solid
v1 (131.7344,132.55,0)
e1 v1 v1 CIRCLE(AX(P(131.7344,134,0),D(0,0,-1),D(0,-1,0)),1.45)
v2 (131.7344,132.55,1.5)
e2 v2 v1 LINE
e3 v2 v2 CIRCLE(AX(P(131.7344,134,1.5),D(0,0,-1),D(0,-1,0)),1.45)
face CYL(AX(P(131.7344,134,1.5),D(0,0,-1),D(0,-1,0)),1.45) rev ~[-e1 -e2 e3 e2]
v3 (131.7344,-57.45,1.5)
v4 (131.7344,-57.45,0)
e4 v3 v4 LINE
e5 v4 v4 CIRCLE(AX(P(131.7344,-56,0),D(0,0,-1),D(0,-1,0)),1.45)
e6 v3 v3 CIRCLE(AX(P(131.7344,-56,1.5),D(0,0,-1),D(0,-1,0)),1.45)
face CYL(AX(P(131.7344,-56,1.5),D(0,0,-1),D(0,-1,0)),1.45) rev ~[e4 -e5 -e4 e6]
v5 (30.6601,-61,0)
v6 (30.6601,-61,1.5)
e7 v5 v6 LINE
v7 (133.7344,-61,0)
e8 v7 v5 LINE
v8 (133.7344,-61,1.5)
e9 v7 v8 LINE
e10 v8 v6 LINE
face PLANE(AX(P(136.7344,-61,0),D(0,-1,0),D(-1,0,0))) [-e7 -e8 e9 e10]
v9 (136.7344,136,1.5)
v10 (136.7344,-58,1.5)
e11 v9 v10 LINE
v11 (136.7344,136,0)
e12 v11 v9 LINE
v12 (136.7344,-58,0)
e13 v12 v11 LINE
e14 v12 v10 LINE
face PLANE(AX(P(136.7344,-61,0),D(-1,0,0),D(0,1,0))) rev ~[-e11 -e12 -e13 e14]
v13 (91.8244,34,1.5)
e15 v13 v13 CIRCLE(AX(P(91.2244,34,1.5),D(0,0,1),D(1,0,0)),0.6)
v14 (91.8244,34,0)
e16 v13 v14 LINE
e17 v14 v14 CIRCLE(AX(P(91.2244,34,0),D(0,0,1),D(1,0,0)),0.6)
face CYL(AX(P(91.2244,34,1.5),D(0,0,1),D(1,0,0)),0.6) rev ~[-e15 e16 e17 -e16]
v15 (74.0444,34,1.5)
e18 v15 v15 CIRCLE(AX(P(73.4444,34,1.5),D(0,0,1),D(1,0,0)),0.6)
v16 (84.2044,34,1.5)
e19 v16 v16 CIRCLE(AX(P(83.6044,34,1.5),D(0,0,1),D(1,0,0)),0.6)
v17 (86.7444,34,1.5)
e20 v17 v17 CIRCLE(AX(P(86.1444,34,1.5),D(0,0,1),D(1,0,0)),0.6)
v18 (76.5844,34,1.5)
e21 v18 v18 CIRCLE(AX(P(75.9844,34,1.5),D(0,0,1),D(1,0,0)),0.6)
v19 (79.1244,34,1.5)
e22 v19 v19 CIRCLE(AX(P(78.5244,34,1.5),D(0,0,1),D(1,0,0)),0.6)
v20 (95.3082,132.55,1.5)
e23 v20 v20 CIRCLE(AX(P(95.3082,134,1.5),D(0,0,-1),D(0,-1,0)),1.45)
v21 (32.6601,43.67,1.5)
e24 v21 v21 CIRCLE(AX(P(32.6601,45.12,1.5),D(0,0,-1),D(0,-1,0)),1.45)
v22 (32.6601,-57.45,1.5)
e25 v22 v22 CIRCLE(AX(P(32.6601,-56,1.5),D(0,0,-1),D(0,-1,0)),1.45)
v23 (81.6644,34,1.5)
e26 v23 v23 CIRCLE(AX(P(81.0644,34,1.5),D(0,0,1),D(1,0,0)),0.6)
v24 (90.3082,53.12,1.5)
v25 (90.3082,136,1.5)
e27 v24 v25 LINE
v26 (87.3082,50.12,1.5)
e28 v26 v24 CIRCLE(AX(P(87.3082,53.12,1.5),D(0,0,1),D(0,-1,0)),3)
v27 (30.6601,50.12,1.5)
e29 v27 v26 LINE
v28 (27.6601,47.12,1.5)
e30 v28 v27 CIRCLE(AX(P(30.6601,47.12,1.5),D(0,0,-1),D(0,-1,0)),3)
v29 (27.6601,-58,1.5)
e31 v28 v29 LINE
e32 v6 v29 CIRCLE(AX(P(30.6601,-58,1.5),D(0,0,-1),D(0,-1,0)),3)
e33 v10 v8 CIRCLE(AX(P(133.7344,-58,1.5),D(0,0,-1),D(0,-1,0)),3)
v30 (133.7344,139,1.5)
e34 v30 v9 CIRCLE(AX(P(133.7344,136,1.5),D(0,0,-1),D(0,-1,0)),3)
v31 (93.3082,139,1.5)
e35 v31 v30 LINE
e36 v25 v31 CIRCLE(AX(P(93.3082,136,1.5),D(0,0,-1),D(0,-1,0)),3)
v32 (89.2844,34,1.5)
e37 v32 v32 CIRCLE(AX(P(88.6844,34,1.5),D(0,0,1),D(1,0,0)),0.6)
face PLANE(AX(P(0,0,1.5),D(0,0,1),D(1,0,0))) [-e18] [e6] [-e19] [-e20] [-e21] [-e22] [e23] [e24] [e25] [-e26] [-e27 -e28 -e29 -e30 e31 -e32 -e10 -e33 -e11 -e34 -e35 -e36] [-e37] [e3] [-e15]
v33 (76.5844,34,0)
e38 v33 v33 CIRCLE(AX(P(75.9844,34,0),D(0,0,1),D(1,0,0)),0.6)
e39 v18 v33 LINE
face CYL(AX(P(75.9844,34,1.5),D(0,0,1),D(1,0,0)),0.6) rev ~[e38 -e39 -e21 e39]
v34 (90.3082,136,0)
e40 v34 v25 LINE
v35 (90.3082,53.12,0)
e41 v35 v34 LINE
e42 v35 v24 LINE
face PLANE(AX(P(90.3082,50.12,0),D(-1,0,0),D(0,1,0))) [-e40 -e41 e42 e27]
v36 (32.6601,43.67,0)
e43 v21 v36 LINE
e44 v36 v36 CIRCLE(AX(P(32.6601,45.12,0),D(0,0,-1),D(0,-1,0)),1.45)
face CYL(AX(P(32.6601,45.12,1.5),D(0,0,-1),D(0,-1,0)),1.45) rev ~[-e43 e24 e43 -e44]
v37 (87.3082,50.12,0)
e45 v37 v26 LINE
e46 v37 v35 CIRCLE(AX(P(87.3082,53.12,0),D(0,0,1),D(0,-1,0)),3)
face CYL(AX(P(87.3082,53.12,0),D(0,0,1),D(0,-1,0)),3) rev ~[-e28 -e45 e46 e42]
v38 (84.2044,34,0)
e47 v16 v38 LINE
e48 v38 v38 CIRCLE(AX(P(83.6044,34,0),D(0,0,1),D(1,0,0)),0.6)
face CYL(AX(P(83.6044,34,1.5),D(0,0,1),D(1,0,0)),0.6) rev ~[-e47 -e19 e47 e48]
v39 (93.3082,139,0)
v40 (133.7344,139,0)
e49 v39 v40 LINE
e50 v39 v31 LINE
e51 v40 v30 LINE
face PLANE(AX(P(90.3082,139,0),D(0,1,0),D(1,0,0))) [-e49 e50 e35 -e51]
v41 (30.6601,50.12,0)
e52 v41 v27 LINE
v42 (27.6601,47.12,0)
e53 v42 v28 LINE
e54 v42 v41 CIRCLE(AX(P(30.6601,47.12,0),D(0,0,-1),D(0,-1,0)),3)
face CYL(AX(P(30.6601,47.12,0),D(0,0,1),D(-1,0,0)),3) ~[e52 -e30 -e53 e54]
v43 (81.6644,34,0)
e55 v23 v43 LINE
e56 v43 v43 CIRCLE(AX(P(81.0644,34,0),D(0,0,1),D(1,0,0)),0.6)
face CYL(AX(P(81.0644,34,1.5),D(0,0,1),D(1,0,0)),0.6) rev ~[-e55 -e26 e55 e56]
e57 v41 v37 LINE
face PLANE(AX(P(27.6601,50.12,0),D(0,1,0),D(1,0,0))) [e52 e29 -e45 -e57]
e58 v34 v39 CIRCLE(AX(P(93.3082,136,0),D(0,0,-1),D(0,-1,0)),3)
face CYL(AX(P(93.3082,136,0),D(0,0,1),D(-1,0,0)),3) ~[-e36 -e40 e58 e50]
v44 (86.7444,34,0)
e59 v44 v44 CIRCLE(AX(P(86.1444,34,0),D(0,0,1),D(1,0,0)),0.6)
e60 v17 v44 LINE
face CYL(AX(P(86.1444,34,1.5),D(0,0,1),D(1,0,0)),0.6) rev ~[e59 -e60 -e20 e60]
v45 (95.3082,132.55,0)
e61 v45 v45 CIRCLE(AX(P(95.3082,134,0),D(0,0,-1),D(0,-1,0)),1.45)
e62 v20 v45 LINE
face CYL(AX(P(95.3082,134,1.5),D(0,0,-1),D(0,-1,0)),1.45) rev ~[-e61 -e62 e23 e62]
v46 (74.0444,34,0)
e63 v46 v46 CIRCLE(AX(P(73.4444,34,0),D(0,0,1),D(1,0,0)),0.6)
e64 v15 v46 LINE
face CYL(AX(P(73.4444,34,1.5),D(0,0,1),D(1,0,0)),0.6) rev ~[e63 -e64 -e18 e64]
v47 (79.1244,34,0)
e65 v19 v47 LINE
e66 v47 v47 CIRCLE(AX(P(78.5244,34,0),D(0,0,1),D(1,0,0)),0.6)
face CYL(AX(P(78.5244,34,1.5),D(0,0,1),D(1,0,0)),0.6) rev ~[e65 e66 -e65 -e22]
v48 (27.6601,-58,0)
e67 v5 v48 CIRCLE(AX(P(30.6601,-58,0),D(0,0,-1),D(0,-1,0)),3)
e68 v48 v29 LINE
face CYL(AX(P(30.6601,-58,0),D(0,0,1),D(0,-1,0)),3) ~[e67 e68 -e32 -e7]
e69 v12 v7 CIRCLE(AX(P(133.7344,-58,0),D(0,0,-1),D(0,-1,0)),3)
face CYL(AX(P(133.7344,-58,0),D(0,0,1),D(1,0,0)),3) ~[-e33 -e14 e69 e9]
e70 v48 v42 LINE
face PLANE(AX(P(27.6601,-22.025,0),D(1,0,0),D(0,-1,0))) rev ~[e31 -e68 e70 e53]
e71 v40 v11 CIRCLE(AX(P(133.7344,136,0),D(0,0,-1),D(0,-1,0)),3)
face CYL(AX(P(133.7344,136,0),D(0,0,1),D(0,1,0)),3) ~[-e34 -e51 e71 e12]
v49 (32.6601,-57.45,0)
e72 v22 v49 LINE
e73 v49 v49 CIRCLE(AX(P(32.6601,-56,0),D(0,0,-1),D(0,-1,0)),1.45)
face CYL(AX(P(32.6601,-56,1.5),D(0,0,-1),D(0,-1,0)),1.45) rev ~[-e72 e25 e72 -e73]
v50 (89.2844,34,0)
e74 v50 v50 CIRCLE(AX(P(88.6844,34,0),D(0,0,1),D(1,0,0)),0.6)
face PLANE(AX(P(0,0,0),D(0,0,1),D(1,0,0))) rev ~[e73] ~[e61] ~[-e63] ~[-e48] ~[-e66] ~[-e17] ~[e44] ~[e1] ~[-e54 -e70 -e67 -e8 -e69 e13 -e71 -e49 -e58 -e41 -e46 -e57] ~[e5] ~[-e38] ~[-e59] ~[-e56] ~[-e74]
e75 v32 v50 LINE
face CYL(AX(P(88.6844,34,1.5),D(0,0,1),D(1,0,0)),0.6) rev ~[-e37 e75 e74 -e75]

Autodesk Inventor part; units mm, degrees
ref_plane "YZ Plane" through (0, 0, 0) normal (1, 0, 0) x (0, 1, 0)
ref_plane "РабПлоскость1" through (0, 0, 0) normal (0, 0, 1) x (1, 0, 0)
ref_plane "РабПлоскость2" through (0, 0, 0) normal (0, 0, 1) x (1, 0, 0)
sketch "Эскиз2" plane through (0, 0, 0) normal (0, 0, 1) x (1, 0, 0)
  line L0 (164.5082, 55.3787) -> (164.5082, 22.6213)
  line L1 (152.0082, 55.3787) -> (164.5082, 55.3787)
  spline S0 degree 4 poles (142.0082, 66.7804) (141.9936, 65.5806) (142.2897, 63.8407) (143.0904, 61.8123) (144.7867, 59.6039) (146.7684, 57.7973) (148.9036, 56.5519) (150.6395, 55.9298) (152.0082, 55.3787) knots 0 0 0 0 0 0.305903 0.428365 0.551581 0.676311 1 1 1 1 1
  line L2 (142.0082, 89.6988) -> (142.0082, 66.7804)
  spline S1 degree 4 poles (142.0976, 90.5077) (142.1863, 90.3272) (142.1406, 90.1079) (142.065, 89.9075) (142.0082, 89.6988) knots 0 0 0 0 0 1 1 1 1 1
  ellipse E0 centre (144.0082, 89.6716) end of major axis (144.0082, 92.5) minor radius 2 (144.0082, 92.5) -> (142.0976, 90.5077) ccw
  line L3 (144.0082, 92.5) -> (149.4338, 92.5)
  line L4 (149.4338, 92.5) -> (149.4338, 92.525)
  line L5 (149.4338, 92.525) -> (142.946, 92.525)
  ellipse E1 centre (142.946, 98.525) end of major axis (136.7344, 98.525) minor radius 6 (136.7344, 98.525) -> (142.946, 92.525) ccw
  line L6 (136.7344, 98.525) -> (136.7344, 100.025)
  ellipse E2 centre (142.946, 100.025) end of major axis (136.7344, 100.025) minor radius 6 (142.946, 106.025) -> (136.7344, 100.025) ccw
  line L7 (142.946, 106.025) -> (149.4338, 106.025)
  line L8 (149.4338, 106.025) -> (149.4338, 106.05)
  line L9 (149.4338, 106.05) -> (144.0082, 106.05)
  ellipse E3 centre (144.0082, 108.8784) end of major axis (144.0082, 106.05) minor radius 2 (142.0976, 108.0423) -> (144.0082, 106.05) ccw
  spline S2 degree 4 poles (142.0082, 108.8512) (142.0222, 108.6489) (142.0418, 108.4466) (142.067, 108.2444) (142.0976, 108.0423) knots 0 0 0 0 0 1 1 1 1 1
  line L10 (142.0082, 108.8512) -> (142.0082, 139)
  arc A0 (142.0082, 139) -> (137.0082, 144) centre (137.0082, 139) ccw
  line L11 (137.0082, 144) -> (27.0082, 144)
  arc A1 (27.0082, 144) -> (22.0082, 139) centre (27.0082, 139) ccw
  line L12 (22.0082, 139) -> (22.0082, 108.8512)
  spline S3 degree 4 poles (21.9188, 108.0423) (21.9596, 108.2417) (21.9876, 108.4433) (22.0035, 108.6467) (22.0082, 108.8512) knots 0 0 0 0 0 1 1 1 1 1
  ellipse E4 centre (20.0082, 108.8784) end of major axis (20.0082, 106.05) minor radius 2 (20.0082, 106.05) -> (21.9188, 108.0423) ccw
  line L13 (14.5826, 106.05) -> (20.0082, 106.05)
  line L14 (14.5826, 106.025) -> (14.5826, 106.05)
  line L15 (21.0704, 106.025) -> (14.5826, 106.025)
  ellipse E5 centre (21.0704, 100.025) end of major axis (27.282, 100.025) minor radius 6 (27.282, 100.025) -> (21.0704, 106.025) ccw
  ellipse E6 centre (21.0704, 98.525) end of major axis (27.282, 98.525) minor radius 6 (21.0704, 92.525) -> (27.282, 98.525) ccw
  line L16 (14.5826, 92.525) -> (21.0704, 92.525)
  line L17 (14.5826, 92.5) -> (14.5826, 92.525)
  line L18 (20.0082, 92.5) -> (14.5826, 92.5)
  ellipse E7 centre (20.0082, 89.6716) end of major axis (20.0082, 92.5) minor radius 2 (21.9188, 90.5077) -> (20.0082, 92.5) ccw
  spline S4 degree 4 poles (22.0082, 89.6988) (22.0001, 89.9001) (21.9823, 90.1037) (21.9553, 90.3071) (21.9188, 90.5077) knots 0 0 0 0 0 1 1 1 1 1
  line L19 (22.0082, 89.6988) -> (22.0082, 66.7804)
  spline S5 degree 4 poles (12.0082, 55.3787) (13.3543, 55.9133) (15.0972, 56.5843) (17.1914, 57.7632) (19.2093, 59.6353) (20.8508, 61.7502) (21.742, 63.9004) (21.9889, 65.5297) (22.0082, 66.7804) knots 0 0 0 0 0 0.323057 0.447569 0.570948 0.693515 1 1 1 1 1
  line L20 (-0.4918, 55.3787) -> (12.0082, 55.3787)
  line L21 (-0.4918, 22.6213) -> (-0.4918, 55.3787)
  line L22 (12.0082, 22.6213) -> (-0.4918, 22.6213)
  spline S6 degree 4 poles (22.0082, 11.2196) (21.9907, 12.4712) (21.7455, 14.1022) (20.8556, 16.2534) (19.2129, 18.3699) (17.1941, 20.2411) (15.0987, 21.4185) (13.3552, 22.0877) (12.0082, 22.6213) knots 0 0 0 0 0 0.306528 0.4291 0.552475 0.676977 1 1 1 1 1
  line L23 (22.0082, -11.6988) -> (22.0082, 11.2196)
  spline S7 degree 4 poles (22.2969, -12.5077) (22.2375, -12.3039) (22.1691, -12.101) (22.0924, -11.8993) (22.0082, -11.6988) knots 0 0 0 0 0 1 1 1 1 1
  ellipse E8 centre (20.3863, -11.6716) end of major axis (20.3863, -14.5) minor radius 2 (20.3863, -14.5) -> (22.2969, -12.5077) ccw
  line L24 (20.3863, -14.5) -> (14.9607, -14.5)
  line L25 (14.9607, -14.5) -> (14.9607, -14.525)
  line L26 (14.9607, -14.525) -> (21.4484, -14.525)
  ellipse E9 centre (21.4484, -20.525) end of major axis (27.6601, -20.525) minor radius 6 (27.6601, -20.525) -> (21.4484, -14.525) ccw
  line L27 (27.6601, -20.525) -> (27.6601, -22.025)
  ellipse E10 centre (21.4484, -22.025) end of major axis (27.6601, -22.025) minor radius 6 (21.4484, -28.025) -> (27.6601, -22.025) ccw
  line L28 (21.4484, -28.025) -> (14.9607, -28.025)
  line L29 (14.9607, -28.025) -> (14.9607, -28.05)
  line L30 (14.9607, -28.05) -> (20.3863, -28.05)
  ellipse E11 centre (20.3863, -30.8784) end of major axis (20.3863, -28.05) minor radius 2 (22.2969, -30.0423) -> (20.3863, -28.05) ccw
  spline S8 degree 4 poles (22.0082, -30.8512) (22.0994, -30.6437) (22.1874, -30.4372) (22.2667, -30.2332) (22.2969, -30.0423) knots 0 0 0 0 0 1 1 1 1 1
  line L31 (22.0082, -30.8512) -> (22.0082, -61)
  arc A2 (22.0082, -61) -> (27.0082, -66) centre (27.0082, -61) ccw
  line L32 (27.0082, -66) -> (137.0082, -66)
  arc A3 (137.0082, -66) -> (142.0082, -61) centre (137.0082, -61) ccw
  line L33 (142.0082, -61) -> (142.0082, -30.8512)
  spline S9 degree 4 poles (142.0976, -30.0423) (142.0618, -30.2424) (142.0345, -30.444) (142.0164, -30.6471) (142.0082, -30.8512) knots 0 0 0 0 0 1 1 1 1 1
  ellipse E12 centre (144.0082, -30.8784) end of major axis (144.0082, -28.05) minor radius 2 (144.0082, -28.05) -> (142.0976, -30.0423) ccw
  line L34 (149.4338, -28.05) -> (144.0082, -28.05)
  line L35 (149.4338, -28.025) -> (149.4338, -28.05)
  line L36 (142.946, -28.025) -> (149.4338, -28.025)
  ellipse E13 centre (142.946, -22.025) end of major axis (136.7344, -22.025) minor radius 6 (136.7344, -22.025) -> (142.946, -28.025) ccw
  line L37 (136.7344, -20.525) -> (136.7344, -22.025)
  ellipse E14 centre (142.946, -20.525) end of major axis (136.7344, -20.525) minor radius 6 (142.0082, -14.5938) -> (136.7344, -20.525) ccw
  spline S10 degree 4 poles (143.3575, -14.5382) (143.017, -14.5392) (142.6788, -14.5494) (142.3414, -14.5663) (142.0082, -14.5938) knots 0 0 0 0 0 1 1 1 1 1
  spline S11 degree 4 poles (143.3575, -14.5382) (143.1143, -14.3292) (142.8382, -14.0321) (142.6629, -13.7922) (142.4735, -13.4852) knots 0 0 0 0 0 1 1 1 1 1
  ellipse E15 centre (144.0082, -11.6716) end of major axis (144.0082, -8.8431) minor radius 2 (142.0976, -12.5077) -> (142.4735, -13.4852) ccw
  spline S12 degree 4 poles (142.0976, -12.5077) (142.0566, -12.3073) (142.0277, -12.1043) (142.0113, -11.9008) (142.0082, -11.6988) knots 0 0 0 0 0 1 1 1 1 1
  line L38 (142.0082, 11.2196) -> (142.0082, -11.6988)
  spline S13 degree 4 poles (152.0082, 22.6213) (150.6678, 22.0949) (148.9359, 21.4381) (146.8415, 20.2599) (144.8098, 18.3825) (143.1469, 16.2574) (142.2323, 14.098) (142.0013, 12.4654) (142.0082, 11.2196) knots 0 0 0 0 0 0.322163 0.446837 0.570623 0.693583 1 1 1 1 1
  line L39 (164.5082, 22.6213) -> (152.0082, 22.6213)
  line L40 (27.282, 98.525) -> (27.282, 100.025)
  line L41 (27.6601, -66) -> (136.7344, -66)
  line L42 (136.7344, -66) -> (136.7344, 55.12)
  line L43 (85.3082, 55.12) -> (27.6601, 55.12)
  line L44 (27.6601, 55.12) -> (27.6601, -66)
  line L45 (49.6082, 55.12) -> (60.6082, 55.12) projected
  line L46 (85.3082, 55.12) -> (85.3082, 144)
  line L47 (85.3082, 144) -> (136.7344, 144)
  line L48 (136.7344, 144) -> (136.7344, 55.12)
  line L49 (85.3082, 113.52) -> (85.3082, 107.52) projected
  line L50 (84.3244, 70.87) -> (84.3244, 64.87) projected
  line L51 (27.6601, 50.12) -> (90.3082, 50.12)
  line L52 (136.7344, 57.0858) -> (136.7344, -61)
  line L53 (136.7344, -61) -> (27.6601, -61)
  line L54 (27.6601, -61) -> (27.6601, 50.12)
  line L55 (90.3082, 50.12) -> (90.3082, 139)
  line L56 (90.3082, 139) -> (136.7344, 139)
  line L57 (136.7344, 139) -> (136.7344, 57.0858)
  point P0 (0, 0)
  point P1 (142.0243, 108.6495)
  point P2 (142.0445, 108.4475)
  point P3 (142.069, 108.2451)
  point P4 (21.9548, 108.2422)
  point P5 (21.9815, 108.4436)
  point P6 (21.9992, 108.6466)
  point P7 (21.9966, 89.8995)
  point P8 (21.9778, 90.1023)
  point P9 (21.9518, 90.3056)
  point P10 (14.1516, 56.2573)
  point P11 (16.0588, 57.2184)
  point P12 (17.7454, 58.3637)
  point P13 (19.1678, 59.6884)
  point P14 (20.3459, 61.2222)
  point P15 (21.2579, 62.9881)
  point P16 (21.8122, 64.8416)
  point P17 (21.8145, 13.1602)
  point P18 (21.2616, 15.0151)
  point P19 (20.35, 16.7819)
  point P20 (19.1713, 18.3166)
  point P21 (17.7482, 19.6409)
  point P22 (16.0609, 20.785)
  point P23 (14.1529, 21.7445)
  point P24 (22.2348, -12.3061)
  point P25 (22.1658, -12.104)
  point P26 (22.0903, -11.9016)
  point P27 (22.102, -30.634)
  point P28 (22.1869, -30.423)
  point P29 (22.2547, -30.224)
  point P30 (142.0651, -30.2427)
  point P31 (142.0392, -30.4442)
  point P32 (142.0201, -30.6471)
  point P33 (143.0157, -14.5425)
  point P34 (142.6767, -14.5533)
  point P35 (142.3406, -14.5702)
  point P36 (143.1122, -14.3072)
  point P37 (142.8714, -14.0419)
  point P38 (142.6642, -13.7743)
  point P39 (142.061, -12.3056)
  point P40 (142.0338, -12.1027)
  point P41 (142.0162, -11.9001)
  point P42 (149.8807, 21.759)
  point P43 (147.9821, 20.8085)
  point P44 (146.2898, 19.6634)
  point P45 (144.8524, 18.3311)
  point P46 (143.6547, 16.7844)
  point P47 (142.7262, 15.0053)
  point P48 (142.1752, 13.1484)
  point P49 (142.1418, 90.326)
  point P50 (142.1248, 90.1256)
  point P51 (142.0712, 89.914)
  point P52 (142.1871, 64.8545)
  point P53 (142.7332, 62.9853)
  point P54 (143.6182, 61.2481)
  point P55 (144.8211, 59.6733)
  point P56 (146.2281, 58.3691)
  point P57 (147.919, 57.2204)
  point P58 (149.8389, 56.2585)
  point P59 (82.0082, 39)
  point P60 (136.7344, -21.275)
  point P61 (27.6601, -21.275)
  dimension "d5" = 0
  dimension "d6" = 0
  dimension "d7" = 0
  dimension "d8" = 0
  dimension "d9" = 0
  dimension "d10" = 5
  dimension "d11" = 5
  dimension "d12" = 0
  dimension "d13" = 5
  dimension "d14" = 0
  dimension "d15" = 5
extrude "Выдавливание1" add sketch "Эскиз2" along normal blind 1.5 contours L37 L42 L53 L44 L27 L51 L55 L56 L48 L6
fillet "Сопряжение1" radius 3 6 edges at (27.6601, 50.12, 0.75) (90.3082, 50.12, 0.75) (90.3082, 139, 0.75) (136.7344, 139, 0.75) (136.7344, -61, 0.75) (27.6601, -61, 0.75)
sketch "Эскиз3" plane through (0, 0, 1.5) normal (0, 0, 1) x (1, 0, 0)
  arc A0 (27.6601, -58) -> (30.6601, -61) centre (30.6601, -58) ccw projected
  line L0 (30.6601, -61) -> (133.7344, -61) projected
  arc A1 (133.7344, -61) -> (136.7344, -58) centre (133.7344, -58) ccw projected
  line L1 (136.7344, -58) -> (136.7344, 136) projected
  arc A2 (136.7344, 136) -> (133.7344, 139) centre (133.7344, 136) ccw projected
  line L2 (133.7344, 139) -> (93.3082, 139) projected
  arc A3 (93.3082, 139) -> (90.3082, 136) centre (93.3082, 136) ccw projected
  line L3 (90.3082, 136) -> (90.3082, 53.12) projected
  arc A4 (87.3082, 50.12) -> (90.3082, 53.12) centre (87.3082, 53.12) ccw projected
  line L4 (87.3082, 50.12) -> (30.6601, 50.12) projected
  arc A5 (30.6601, 50.12) -> (27.6601, 47.12) centre (30.6601, 47.12) ccw projected
  line L5 (27.6601, 47.12) -> (27.6601, -58) projected
  circle A6 centre (32.6601, -56) radius 1.5
  circle A7 centre (32.6601, 45.12) radius 1.5
  circle A8 centre (131.7344, -56) radius 1.5
  circle A9 centre (131.7344, 134) radius 1.5
  circle A10 centre (95.3082, 134) radius 1.5
  point P0 (0, 0)
  dimension "d19" = 5
  dimension "d20" = 3
  dimension "d21" = 5
  dimension "d22" = 3
  dimension "d23" = 3
  dimension "d24" = 3
  dimension "d25" = 3
  dimension "d26" = 5
  dimension "d27" = 5
  dimension "d28" = 5
  dimension "d29" = 5
  dimension "d30" = 5
  dimension "d31" = 5
  dimension "d32" = 5
  dimension "d33" = 5
hole "Отверстие1" at (32.6601, 45.12, 1.5) at (32.6601, -56, 1.5) at (131.7344, -56, 1.5) at (131.7344, 134, 1.5) at (95.3082, 134, 1.5) direction (0, 0, -1) diameter 2.9 end through all clearance for "Винт с потайной головкой ISO 2009/7046" size "M2.5" standard "ISO"
sketch "Эскиз4" plane through (0, 0, 1.5) normal (0, 0, 1) x (1, 0, 0)
  circle A0 centre (73.4444, 34) radius 0.6 projected
  circle A1 centre (75.9844, 34) radius 0.6 projected
  circle A2 centre (78.5244, 34) radius 0.6 projected
  circle A3 centre (81.0644, 34) radius 0.6 projected
  circle A4 centre (83.6044, 34) radius 0.6 projected
  circle A5 centre (86.1444, 34) radius 0.6 projected
  circle A6 centre (88.6844, 34) radius 0.6 projected
  circle A7 centre (91.2244, 34) radius 0.6 projected
  point P0 (0, 0)
extrude "Выдавливание2" cut sketch "Эскиз4" against normal blind 10
properties part number "Motherboard"
